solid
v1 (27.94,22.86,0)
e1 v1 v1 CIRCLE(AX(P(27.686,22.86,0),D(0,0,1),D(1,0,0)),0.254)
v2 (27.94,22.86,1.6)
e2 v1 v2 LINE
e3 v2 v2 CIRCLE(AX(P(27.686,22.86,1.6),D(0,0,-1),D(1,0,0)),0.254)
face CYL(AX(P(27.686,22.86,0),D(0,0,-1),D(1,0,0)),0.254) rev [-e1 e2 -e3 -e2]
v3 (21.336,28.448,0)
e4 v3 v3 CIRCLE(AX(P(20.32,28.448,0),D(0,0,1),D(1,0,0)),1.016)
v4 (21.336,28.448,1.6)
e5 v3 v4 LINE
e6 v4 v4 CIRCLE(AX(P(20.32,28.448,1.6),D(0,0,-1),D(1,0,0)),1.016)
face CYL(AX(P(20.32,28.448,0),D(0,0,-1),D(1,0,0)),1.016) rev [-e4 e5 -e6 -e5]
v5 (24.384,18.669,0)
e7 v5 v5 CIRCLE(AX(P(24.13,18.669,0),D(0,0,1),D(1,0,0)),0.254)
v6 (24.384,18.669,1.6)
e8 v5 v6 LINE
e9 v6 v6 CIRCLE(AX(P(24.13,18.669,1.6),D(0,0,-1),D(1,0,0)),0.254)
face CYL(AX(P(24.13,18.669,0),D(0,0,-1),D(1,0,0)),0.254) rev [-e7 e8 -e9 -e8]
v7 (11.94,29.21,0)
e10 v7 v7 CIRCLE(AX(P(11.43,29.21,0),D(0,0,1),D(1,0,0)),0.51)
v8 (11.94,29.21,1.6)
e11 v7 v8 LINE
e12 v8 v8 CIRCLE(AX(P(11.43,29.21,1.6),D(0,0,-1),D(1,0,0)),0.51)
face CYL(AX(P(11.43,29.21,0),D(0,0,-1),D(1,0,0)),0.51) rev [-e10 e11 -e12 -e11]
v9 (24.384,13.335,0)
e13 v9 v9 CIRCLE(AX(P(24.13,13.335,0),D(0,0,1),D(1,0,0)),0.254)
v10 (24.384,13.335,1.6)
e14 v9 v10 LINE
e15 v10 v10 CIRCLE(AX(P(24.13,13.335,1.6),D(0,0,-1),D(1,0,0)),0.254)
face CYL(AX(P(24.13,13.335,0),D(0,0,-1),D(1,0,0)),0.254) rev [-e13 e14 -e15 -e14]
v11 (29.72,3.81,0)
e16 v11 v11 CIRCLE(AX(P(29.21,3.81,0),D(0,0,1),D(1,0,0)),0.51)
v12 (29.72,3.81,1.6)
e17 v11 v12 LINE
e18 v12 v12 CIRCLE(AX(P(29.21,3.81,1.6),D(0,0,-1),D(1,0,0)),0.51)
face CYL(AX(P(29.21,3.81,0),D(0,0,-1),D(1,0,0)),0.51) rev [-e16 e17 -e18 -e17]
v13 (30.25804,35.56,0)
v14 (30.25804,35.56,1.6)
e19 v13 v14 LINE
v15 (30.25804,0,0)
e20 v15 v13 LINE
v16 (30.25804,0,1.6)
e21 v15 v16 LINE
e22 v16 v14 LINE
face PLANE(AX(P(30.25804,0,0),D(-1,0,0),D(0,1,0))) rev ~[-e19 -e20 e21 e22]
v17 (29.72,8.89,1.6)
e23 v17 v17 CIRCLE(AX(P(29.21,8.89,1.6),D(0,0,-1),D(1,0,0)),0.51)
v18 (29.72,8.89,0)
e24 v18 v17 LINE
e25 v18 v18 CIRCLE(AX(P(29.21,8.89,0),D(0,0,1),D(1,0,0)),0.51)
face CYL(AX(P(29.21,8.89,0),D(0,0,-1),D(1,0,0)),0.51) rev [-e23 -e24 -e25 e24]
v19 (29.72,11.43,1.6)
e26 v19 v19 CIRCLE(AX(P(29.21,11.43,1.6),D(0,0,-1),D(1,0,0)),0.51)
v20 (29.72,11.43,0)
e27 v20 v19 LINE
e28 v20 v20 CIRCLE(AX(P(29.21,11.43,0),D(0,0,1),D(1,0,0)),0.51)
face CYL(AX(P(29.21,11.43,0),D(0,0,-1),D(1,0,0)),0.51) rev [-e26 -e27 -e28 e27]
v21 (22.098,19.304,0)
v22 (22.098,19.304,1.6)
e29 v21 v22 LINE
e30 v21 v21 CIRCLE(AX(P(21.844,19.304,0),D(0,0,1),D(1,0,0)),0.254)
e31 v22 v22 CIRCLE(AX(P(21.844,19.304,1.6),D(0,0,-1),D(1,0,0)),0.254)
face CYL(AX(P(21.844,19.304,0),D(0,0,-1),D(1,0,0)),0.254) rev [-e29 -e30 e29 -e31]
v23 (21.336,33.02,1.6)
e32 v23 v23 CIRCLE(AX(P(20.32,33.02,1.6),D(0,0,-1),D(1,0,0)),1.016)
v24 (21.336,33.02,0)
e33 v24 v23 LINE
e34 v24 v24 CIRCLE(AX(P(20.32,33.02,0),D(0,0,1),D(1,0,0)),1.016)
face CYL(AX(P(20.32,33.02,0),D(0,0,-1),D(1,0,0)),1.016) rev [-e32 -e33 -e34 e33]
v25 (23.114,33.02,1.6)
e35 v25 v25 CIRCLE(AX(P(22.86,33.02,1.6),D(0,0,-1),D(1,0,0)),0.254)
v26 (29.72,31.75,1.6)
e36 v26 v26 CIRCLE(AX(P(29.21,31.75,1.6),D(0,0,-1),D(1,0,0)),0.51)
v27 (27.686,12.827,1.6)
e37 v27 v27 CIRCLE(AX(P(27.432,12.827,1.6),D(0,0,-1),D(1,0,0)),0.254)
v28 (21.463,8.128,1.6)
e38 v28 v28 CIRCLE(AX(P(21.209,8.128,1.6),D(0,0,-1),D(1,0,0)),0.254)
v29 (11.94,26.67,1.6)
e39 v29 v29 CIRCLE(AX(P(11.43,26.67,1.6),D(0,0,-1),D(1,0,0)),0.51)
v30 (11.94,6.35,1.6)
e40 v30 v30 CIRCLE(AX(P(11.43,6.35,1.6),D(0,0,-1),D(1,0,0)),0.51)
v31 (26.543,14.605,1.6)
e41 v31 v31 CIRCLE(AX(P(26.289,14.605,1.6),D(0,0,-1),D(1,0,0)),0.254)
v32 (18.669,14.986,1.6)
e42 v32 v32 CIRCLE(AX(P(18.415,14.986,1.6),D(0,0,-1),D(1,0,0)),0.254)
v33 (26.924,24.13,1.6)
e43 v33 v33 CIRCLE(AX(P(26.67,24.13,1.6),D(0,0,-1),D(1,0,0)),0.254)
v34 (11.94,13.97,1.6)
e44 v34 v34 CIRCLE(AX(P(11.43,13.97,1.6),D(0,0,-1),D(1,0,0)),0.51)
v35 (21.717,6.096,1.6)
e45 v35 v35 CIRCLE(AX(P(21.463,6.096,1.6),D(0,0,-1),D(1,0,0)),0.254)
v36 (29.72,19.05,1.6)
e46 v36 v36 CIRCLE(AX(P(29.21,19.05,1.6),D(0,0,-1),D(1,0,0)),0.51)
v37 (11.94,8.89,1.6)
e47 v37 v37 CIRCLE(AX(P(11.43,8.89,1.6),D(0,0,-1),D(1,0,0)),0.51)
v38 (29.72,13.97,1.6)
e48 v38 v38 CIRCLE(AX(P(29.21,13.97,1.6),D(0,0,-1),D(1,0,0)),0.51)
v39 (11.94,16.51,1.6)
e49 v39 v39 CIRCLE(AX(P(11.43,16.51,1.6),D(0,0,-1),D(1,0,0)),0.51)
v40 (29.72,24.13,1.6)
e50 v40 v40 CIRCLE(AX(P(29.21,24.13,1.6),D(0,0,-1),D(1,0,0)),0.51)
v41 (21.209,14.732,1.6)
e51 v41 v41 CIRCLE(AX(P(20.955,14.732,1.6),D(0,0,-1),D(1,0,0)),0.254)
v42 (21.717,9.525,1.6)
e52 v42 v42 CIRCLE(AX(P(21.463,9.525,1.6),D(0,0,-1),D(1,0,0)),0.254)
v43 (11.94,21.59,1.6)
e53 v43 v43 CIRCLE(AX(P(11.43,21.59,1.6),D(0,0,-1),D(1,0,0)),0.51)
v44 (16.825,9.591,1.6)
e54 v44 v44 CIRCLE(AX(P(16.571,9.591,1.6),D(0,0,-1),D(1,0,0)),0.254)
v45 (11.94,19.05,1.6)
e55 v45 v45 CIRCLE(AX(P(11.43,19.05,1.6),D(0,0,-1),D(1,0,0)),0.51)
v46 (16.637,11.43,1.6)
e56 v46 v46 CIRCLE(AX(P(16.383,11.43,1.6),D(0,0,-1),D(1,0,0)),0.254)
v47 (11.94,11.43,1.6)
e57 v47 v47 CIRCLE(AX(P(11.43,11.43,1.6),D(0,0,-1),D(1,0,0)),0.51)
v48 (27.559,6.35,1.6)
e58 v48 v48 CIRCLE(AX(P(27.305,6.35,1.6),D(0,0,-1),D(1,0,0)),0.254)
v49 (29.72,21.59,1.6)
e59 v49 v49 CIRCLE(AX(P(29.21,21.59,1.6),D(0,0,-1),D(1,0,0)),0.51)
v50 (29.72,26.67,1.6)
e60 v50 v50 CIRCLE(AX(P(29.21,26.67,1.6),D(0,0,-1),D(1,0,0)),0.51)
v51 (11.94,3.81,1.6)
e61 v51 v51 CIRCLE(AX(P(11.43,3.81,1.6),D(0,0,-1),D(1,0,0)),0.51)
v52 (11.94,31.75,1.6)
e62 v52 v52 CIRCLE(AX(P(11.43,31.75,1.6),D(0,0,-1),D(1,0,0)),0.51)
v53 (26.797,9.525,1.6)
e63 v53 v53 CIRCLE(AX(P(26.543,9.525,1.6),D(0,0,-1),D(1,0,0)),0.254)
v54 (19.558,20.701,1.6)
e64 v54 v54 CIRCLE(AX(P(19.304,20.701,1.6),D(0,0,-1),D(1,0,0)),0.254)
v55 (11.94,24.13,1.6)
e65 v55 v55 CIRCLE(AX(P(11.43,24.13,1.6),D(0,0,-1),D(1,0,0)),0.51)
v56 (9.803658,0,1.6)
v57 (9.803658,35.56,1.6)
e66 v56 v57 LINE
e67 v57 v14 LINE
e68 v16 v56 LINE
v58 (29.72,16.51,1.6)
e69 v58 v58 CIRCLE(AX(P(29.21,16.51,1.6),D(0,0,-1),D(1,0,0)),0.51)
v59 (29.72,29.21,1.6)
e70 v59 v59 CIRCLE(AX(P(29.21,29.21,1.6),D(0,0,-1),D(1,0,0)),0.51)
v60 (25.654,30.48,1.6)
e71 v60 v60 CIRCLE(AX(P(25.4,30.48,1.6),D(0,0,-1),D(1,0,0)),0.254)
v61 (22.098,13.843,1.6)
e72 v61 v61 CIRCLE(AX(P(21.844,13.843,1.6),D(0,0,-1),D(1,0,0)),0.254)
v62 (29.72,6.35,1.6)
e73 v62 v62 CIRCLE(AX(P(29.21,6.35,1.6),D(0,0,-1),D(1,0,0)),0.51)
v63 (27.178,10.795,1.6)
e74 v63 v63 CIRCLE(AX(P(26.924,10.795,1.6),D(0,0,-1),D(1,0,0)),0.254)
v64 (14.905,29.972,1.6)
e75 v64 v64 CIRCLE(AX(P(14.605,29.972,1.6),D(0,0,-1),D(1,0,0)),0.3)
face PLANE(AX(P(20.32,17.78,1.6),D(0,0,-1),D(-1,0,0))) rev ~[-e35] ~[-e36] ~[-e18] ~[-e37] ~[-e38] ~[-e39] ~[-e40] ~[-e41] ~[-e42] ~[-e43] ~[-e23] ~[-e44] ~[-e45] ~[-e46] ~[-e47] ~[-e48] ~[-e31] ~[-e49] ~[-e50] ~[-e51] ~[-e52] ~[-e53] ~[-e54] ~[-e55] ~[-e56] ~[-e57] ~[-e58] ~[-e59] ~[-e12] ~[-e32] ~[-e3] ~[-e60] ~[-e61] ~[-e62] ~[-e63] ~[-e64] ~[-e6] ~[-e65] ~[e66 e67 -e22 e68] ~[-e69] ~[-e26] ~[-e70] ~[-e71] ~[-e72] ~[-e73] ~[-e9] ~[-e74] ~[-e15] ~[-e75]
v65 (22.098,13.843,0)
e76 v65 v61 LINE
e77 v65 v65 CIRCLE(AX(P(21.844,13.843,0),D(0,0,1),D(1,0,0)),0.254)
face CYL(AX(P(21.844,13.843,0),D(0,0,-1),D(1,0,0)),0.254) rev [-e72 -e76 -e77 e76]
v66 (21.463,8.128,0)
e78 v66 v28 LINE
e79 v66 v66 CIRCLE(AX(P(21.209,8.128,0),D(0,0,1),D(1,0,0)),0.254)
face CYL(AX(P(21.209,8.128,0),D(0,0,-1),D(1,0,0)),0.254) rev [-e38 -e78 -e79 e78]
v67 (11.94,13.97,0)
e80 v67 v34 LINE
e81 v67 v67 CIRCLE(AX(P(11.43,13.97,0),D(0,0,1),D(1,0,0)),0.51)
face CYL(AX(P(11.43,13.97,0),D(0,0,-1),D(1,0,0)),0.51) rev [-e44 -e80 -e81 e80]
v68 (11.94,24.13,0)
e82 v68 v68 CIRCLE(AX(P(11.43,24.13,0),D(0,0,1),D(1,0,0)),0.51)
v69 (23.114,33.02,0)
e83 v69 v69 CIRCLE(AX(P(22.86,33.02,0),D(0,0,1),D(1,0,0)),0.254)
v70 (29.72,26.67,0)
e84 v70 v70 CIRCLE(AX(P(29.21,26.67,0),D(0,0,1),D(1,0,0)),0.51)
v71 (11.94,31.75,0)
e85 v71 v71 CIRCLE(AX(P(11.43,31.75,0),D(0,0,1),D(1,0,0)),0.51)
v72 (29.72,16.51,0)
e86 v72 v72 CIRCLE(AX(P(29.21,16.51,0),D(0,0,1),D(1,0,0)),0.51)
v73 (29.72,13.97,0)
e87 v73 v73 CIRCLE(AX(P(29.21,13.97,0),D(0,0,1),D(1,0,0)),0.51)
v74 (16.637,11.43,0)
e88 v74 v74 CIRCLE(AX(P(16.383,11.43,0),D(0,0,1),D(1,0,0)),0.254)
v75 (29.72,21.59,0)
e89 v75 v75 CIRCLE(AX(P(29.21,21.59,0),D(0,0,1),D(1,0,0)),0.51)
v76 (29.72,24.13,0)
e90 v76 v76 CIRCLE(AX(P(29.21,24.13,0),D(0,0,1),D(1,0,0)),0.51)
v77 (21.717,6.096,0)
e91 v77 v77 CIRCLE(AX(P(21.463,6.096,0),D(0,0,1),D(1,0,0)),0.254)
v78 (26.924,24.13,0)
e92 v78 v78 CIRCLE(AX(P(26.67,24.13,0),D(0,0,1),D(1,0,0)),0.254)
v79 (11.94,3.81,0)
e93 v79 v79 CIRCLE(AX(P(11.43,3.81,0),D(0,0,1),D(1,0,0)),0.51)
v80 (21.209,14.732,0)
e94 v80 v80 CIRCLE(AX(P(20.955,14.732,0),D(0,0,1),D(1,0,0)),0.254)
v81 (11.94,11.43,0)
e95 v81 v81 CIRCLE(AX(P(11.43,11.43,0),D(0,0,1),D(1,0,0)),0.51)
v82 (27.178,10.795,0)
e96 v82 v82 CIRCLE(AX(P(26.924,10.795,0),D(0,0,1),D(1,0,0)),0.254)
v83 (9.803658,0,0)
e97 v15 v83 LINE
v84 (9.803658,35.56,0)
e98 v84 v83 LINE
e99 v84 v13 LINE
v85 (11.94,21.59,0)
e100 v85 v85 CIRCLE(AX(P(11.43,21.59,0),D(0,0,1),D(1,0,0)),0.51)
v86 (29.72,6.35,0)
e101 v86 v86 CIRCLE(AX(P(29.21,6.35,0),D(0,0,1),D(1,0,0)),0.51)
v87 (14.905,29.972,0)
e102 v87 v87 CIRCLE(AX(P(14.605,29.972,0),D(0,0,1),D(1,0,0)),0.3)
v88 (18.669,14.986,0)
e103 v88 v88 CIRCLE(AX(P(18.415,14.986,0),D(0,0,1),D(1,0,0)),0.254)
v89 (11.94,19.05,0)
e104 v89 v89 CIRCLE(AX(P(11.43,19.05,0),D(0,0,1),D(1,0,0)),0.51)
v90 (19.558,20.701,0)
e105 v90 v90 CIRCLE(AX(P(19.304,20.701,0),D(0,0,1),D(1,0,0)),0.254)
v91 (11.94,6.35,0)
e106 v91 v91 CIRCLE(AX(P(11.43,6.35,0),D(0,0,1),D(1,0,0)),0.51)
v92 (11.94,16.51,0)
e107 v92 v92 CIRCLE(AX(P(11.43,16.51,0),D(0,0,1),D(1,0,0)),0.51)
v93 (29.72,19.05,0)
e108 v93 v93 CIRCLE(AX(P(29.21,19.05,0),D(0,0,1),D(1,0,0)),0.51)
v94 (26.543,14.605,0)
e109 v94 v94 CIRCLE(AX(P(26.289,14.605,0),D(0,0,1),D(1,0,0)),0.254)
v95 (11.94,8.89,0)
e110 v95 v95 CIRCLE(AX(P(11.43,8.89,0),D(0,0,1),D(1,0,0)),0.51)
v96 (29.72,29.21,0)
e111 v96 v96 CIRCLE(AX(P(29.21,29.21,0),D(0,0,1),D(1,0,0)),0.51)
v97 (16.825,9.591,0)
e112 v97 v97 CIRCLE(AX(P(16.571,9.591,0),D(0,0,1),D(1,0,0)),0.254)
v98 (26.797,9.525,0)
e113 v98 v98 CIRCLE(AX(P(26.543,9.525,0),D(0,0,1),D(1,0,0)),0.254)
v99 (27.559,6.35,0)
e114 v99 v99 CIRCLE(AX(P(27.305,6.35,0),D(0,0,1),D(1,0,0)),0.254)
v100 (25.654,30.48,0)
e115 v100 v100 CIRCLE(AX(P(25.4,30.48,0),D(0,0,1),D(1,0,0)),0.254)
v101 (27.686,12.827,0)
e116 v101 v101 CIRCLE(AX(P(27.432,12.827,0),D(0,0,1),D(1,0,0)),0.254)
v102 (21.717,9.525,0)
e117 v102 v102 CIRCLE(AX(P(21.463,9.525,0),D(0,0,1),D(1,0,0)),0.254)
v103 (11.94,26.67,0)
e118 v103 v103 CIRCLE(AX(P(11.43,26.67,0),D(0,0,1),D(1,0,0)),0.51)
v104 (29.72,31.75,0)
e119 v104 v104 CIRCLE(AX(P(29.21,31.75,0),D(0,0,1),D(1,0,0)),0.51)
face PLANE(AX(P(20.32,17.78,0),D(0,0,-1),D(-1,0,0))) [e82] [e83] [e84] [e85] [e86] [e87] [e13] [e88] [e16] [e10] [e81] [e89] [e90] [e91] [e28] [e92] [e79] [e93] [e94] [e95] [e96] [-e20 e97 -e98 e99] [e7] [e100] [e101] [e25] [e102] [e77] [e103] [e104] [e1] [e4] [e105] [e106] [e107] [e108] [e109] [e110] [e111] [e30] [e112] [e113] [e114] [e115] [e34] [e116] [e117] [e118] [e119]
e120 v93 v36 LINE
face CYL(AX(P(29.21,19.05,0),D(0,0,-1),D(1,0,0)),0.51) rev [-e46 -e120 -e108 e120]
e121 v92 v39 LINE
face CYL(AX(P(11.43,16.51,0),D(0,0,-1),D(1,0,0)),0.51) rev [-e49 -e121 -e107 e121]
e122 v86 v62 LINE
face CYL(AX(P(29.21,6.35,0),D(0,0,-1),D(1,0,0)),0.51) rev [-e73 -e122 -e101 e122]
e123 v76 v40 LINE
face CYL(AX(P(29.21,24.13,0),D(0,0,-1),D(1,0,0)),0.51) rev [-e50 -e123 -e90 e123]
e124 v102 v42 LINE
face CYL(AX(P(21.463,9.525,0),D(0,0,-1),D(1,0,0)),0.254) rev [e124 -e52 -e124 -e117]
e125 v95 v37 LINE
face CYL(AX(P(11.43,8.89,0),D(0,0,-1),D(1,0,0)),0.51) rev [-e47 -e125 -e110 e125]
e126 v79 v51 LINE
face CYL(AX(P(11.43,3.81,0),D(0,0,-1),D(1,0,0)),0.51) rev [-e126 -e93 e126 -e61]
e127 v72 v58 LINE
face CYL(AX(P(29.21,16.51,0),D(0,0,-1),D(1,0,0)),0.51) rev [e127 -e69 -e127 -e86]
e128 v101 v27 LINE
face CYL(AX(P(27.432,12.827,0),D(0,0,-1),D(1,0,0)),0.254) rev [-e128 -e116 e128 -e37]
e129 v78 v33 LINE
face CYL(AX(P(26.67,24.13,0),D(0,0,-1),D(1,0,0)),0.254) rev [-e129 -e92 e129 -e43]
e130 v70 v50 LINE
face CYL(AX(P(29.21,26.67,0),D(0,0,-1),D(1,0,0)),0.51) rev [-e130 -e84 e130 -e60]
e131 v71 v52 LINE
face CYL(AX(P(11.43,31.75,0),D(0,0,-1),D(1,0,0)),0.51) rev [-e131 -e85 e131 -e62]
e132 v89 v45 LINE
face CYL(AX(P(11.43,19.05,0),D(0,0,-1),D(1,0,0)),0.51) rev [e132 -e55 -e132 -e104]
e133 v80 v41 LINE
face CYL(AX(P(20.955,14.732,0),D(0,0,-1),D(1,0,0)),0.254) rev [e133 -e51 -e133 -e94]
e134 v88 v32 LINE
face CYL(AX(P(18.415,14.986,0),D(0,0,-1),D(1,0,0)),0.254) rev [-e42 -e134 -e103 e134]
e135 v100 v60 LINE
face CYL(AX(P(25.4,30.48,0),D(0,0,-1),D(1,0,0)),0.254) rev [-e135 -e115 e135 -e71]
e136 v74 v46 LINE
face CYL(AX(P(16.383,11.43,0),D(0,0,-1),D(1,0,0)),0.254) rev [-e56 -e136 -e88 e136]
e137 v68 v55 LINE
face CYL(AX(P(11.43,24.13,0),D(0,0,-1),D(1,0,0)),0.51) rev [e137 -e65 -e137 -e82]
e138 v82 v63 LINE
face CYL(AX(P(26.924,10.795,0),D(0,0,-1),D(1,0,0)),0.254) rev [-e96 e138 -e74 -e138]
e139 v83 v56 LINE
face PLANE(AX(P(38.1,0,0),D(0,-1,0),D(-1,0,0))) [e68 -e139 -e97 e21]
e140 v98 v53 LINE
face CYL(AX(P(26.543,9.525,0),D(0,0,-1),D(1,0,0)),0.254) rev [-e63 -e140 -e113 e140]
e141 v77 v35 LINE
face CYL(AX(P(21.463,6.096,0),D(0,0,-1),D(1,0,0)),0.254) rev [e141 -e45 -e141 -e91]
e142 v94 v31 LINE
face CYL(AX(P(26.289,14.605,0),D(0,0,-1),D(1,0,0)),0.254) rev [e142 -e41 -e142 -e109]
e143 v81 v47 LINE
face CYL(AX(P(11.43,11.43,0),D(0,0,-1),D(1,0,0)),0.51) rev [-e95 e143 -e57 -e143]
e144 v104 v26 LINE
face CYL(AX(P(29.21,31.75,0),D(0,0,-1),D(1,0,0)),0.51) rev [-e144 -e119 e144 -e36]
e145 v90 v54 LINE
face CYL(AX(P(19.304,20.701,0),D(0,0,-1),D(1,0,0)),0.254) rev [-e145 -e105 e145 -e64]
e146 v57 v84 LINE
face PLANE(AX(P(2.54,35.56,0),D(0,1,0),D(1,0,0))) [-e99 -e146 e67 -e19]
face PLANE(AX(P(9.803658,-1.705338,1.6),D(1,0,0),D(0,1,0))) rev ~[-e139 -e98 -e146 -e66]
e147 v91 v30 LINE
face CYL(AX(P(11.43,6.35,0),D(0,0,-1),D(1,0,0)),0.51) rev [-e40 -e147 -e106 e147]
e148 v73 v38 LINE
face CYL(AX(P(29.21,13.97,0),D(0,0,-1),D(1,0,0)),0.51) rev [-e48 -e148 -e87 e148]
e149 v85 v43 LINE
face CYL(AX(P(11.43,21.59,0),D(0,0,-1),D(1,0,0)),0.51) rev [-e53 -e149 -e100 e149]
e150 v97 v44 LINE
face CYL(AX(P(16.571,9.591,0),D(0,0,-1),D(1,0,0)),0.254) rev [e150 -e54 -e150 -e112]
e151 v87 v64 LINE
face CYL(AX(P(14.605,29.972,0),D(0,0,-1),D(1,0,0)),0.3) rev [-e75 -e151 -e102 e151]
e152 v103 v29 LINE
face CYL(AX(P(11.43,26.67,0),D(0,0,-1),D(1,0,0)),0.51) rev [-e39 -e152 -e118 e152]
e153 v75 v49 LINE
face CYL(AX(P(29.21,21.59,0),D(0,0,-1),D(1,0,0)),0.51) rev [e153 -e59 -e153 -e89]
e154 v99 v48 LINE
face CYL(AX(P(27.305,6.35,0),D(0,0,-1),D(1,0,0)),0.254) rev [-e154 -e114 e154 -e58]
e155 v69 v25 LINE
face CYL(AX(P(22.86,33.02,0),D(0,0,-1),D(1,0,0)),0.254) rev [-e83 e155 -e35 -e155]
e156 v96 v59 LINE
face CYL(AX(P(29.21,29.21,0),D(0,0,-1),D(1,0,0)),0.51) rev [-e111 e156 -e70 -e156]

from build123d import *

# Parameters (mm, degrees)
BOARD_OUTLINE_DEPTH = 1.6
SKETCH2_R           = 1.016
SKETCH2_R_2         = 1.651
SKETCH2_R_3         = 0.254
SKETCH2_R_4         = 0.3
NPTH_DEPTH          = 55.024838732
SKETCH3_R           = 0.51
PTH_DEPTH           = 55.024838732
SKETCH4_W           = 11.674517828
SKETCH4_H           = 37.265337661
CUT_EXTRUDE1_DEPTH  = 10
SKETCH6_W           = 12.562793993
SKETCH6_H           = 36.934833376
CUT_EXTRUDE2_DEPTH  = 10


with BuildPart() as part:
    # Sketch1 → Board_Outline (new body)
    with BuildSketch(Plane.XY):
        Polygon((2.54, 35.56), (38.1, 35.56), (38.7574, 35.473452), (39.37, 35.219705), (39.896051, 34.816051), (40.299705, 34.29), (40.553452, 33.6774), (40.64, 33.02), (40.64, 2.54), (40.553452, 1.8826), (40.299705, 1.27), (39.896051, 0.743949), (39.37, 0.340295), (38.7574, 0.086548), (38.1, 0), (2.54, 0), (1.8826, 0.086548), (1.27, 0.340295), (0.743949, 0.743949), (0.340295, 1.27), (0.086548, 1.8826), (0, 2.54), (0, 33.02), (0.086548, 33.6774), (0.340295, 34.29), (0.743949, 34.816051), (1.27, 35.219705), (1.8826, 35.473452), align=None)
    extrude(amount=BOARD_OUTLINE_DEPTH)

    # Sketch2 → NPTH (cut, through all)
    with BuildSketch(Plane.XY):
        with Locations((20.32, 33.02)):
            Circle(SKETCH2_R)
        with Locations((20.32, 28.448)):
            Circle(SKETCH2_R)
        with Locations((2.54, 33.02)):
            Circle(SKETCH2_R_2)
        with Locations((38.1, 33.02)):
            Circle(SKETCH2_R_2)
        with Locations((2.54, 2.54)):
            Circle(SKETCH2_R_2)
        with Locations((38.1, 2.54)):
            Circle(SKETCH2_R_2)
        with Locations((21.463, 9.525)):
            Circle(SKETCH2_R_3)
        with Locations((27.686, 22.86)):
            Circle(SKETCH2_R_3)
        with Locations((20.955, 14.732)):
            Circle(SKETCH2_R_3)
        with Locations((24.13, 13.335)):
            Circle(SKETCH2_R_3)
        with Locations((24.13, 18.669)):
            Circle(SKETCH2_R_3)
        with Locations((19.304, 20.701)):
            Circle(SKETCH2_R_3)
        with Locations((18.415, 14.986)):
            Circle(SKETCH2_R_3)
        with Locations((16.383, 11.43)):
            Circle(SKETCH2_R_3)
        with Locations((16.571, 9.591)):
            Circle(SKETCH2_R_3)
        with Locations((26.67, 24.13)):
            Circle(SKETCH2_R_3)
        with Locations((26.543, 9.525)):
            Circle(SKETCH2_R_3)
        with Locations((26.924, 10.795)):
            Circle(SKETCH2_R_3)
        with Locations((26.289, 14.605)):
            Circle(SKETCH2_R_3)
        with Locations((21.463, 6.096)):
            Circle(SKETCH2_R_3)
        with Locations((14.605, 29.972)):
            Circle(SKETCH2_R_4)
        with Locations((21.209, 8.128)):
            Circle(SKETCH2_R_3)
        with Locations((27.305, 6.35)):
            Circle(SKETCH2_R_3)
        with Locations((27.432, 12.827)):
            Circle(SKETCH2_R_3)
        with Locations((21.844, 19.304)):
            Circle(SKETCH2_R_3)
        with Locations((21.844, 13.843)):
            Circle(SKETCH2_R_3)
        with Locations((25.4, 30.48)):
            Circle(SKETCH2_R_3)
        with Locations((22.86, 33.02)):
            Circle(SKETCH2_R_3)
    extrude(amount=NPTH_DEPTH, mode=Mode.SUBTRACT)

    # Sketch3 → PTH (cut, through all)
    with BuildSketch(Plane.XY):
        with Locations((11.43, 31.75)):
            Circle(SKETCH3_R)
        with Locations((11.43, 29.21)):
            Circle(SKETCH3_R)
        with Locations((11.43, 26.67)):
            Circle(SKETCH3_R)
        with Locations((34.29, 31.75)):
            Circle(SKETCH3_R)
        with Locations((11.43, 24.13)):
            Circle(SKETCH3_R)
        with Locations((11.43, 21.59)):
            Circle(SKETCH3_R)
        with Locations((11.43, 19.05)):
            Circle(SKETCH3_R)
        with Locations((11.43, 16.51)):
            Circle(SKETCH3_R)
        with Locations((11.43, 13.97)):
            Circle(SKETCH3_R)
        with Locations((11.43, 11.43)):
            Circle(SKETCH3_R)
        with Locations((11.43, 8.89)):
            Circle(SKETCH3_R)
        with Locations((11.43, 6.35)):
            Circle(SKETCH3_R)
        with Locations((11.43, 3.81)):
            Circle(SKETCH3_R)
        with Locations((29.21, 3.81)):
            Circle(SKETCH3_R)
        with Locations((29.21, 6.35)):
            Circle(SKETCH3_R)
        with Locations((29.21, 8.89)):
            Circle(SKETCH3_R)
        with Locations((29.21, 11.43)):
            Circle(SKETCH3_R)
        with Locations((29.21, 13.97)):
            Circle(SKETCH3_R)
        with Locations((29.21, 16.51)):
            Circle(SKETCH3_R)
        with Locations((29.21, 19.05)):
            Circle(SKETCH3_R)
        with Locations((29.21, 21.59)):
            Circle(SKETCH3_R)
        with Locations((29.21, 24.13)):
            Circle(SKETCH3_R)
        with Locations((29.21, 26.67)):
            Circle(SKETCH3_R)
        with Locations((29.21, 29.21)):
            Circle(SKETCH3_R)
        with Locations((29.21, 31.75)):
            Circle(SKETCH3_R)
        with Locations((6.35, 3.81)):
            Circle(SKETCH3_R)
        with Locations((6.35, 6.35)):
            Circle(SKETCH3_R)
        with Locations((6.35, 8.89)):
            Circle(SKETCH3_R)
        with Locations((6.35, 11.43)):
            Circle(SKETCH3_R)
        with Locations((6.35, 13.97)):
            Circle(SKETCH3_R)
        with Locations((6.35, 16.51)):
            Circle(SKETCH3_R)
        with Locations((34.29, 3.81)):
            Circle(SKETCH3_R)
        with Locations((34.29, 6.35)):
            Circle(SKETCH3_R)
        with Locations((34.29, 8.89)):
            Circle(SKETCH3_R)
        with Locations((34.29, 11.43)):
            Circle(SKETCH3_R)
        with Locations((34.29, 13.97)):
            Circle(SKETCH3_R)
        with Locations((34.29, 16.51)):
            Circle(SKETCH3_R)
        with Locations((34.29, 19.05)):
            Circle(SKETCH3_R)
        with Locations((34.29, 21.59)):
            Circle(SKETCH3_R)
        with Locations((6.35, 19.05)):
            Circle(SKETCH3_R)
        with Locations((6.35, 29.21)):
            Circle(SKETCH3_R)
        with Locations((34.29, 24.13)):
            Circle(SKETCH3_R)
        with Locations((34.29, 29.21)):
            Circle(SKETCH3_R)
        with Locations((6.35, 24.13)):
            Circle(SKETCH3_R)
        with Locations((6.35, 26.67)):
            Circle(SKETCH3_R)
        with Locations((34.29, 26.67)):
            Circle(SKETCH3_R)
        with Locations((6.35, 31.75)):
            Circle(SKETCH3_R)
        with Locations((6.35, 21.59)):
            Circle(SKETCH3_R)
    extrude(amount=PTH_DEPTH, mode=Mode.SUBTRACT)

    # Sketch4 → Cut-Extrude1 (cut)
    with BuildSketch(Plane.XY.offset(1.6)):
        with Locations((3.966399383, 16.92733117)):
            Rectangle(SKETCH4_W, SKETCH4_H)
    extrude(amount=-CUT_EXTRUDE1_DEPTH, mode=Mode.SUBTRACT)

    # Sketch6 → Cut-Extrude2 (cut)
    with BuildSketch(Plane(origin=(0, 0, 0), x_dir=(-1, 0, 0), z_dir=(0, 0, -1))):
        with Locations((-36.539437357, 18.467416688)):
            Rectangle(SKETCH6_W, SKETCH6_H)
    extrude(amount=-CUT_EXTRUDE2_DEPTH, mode=Mode.SUBTRACT)


solid = part.part
